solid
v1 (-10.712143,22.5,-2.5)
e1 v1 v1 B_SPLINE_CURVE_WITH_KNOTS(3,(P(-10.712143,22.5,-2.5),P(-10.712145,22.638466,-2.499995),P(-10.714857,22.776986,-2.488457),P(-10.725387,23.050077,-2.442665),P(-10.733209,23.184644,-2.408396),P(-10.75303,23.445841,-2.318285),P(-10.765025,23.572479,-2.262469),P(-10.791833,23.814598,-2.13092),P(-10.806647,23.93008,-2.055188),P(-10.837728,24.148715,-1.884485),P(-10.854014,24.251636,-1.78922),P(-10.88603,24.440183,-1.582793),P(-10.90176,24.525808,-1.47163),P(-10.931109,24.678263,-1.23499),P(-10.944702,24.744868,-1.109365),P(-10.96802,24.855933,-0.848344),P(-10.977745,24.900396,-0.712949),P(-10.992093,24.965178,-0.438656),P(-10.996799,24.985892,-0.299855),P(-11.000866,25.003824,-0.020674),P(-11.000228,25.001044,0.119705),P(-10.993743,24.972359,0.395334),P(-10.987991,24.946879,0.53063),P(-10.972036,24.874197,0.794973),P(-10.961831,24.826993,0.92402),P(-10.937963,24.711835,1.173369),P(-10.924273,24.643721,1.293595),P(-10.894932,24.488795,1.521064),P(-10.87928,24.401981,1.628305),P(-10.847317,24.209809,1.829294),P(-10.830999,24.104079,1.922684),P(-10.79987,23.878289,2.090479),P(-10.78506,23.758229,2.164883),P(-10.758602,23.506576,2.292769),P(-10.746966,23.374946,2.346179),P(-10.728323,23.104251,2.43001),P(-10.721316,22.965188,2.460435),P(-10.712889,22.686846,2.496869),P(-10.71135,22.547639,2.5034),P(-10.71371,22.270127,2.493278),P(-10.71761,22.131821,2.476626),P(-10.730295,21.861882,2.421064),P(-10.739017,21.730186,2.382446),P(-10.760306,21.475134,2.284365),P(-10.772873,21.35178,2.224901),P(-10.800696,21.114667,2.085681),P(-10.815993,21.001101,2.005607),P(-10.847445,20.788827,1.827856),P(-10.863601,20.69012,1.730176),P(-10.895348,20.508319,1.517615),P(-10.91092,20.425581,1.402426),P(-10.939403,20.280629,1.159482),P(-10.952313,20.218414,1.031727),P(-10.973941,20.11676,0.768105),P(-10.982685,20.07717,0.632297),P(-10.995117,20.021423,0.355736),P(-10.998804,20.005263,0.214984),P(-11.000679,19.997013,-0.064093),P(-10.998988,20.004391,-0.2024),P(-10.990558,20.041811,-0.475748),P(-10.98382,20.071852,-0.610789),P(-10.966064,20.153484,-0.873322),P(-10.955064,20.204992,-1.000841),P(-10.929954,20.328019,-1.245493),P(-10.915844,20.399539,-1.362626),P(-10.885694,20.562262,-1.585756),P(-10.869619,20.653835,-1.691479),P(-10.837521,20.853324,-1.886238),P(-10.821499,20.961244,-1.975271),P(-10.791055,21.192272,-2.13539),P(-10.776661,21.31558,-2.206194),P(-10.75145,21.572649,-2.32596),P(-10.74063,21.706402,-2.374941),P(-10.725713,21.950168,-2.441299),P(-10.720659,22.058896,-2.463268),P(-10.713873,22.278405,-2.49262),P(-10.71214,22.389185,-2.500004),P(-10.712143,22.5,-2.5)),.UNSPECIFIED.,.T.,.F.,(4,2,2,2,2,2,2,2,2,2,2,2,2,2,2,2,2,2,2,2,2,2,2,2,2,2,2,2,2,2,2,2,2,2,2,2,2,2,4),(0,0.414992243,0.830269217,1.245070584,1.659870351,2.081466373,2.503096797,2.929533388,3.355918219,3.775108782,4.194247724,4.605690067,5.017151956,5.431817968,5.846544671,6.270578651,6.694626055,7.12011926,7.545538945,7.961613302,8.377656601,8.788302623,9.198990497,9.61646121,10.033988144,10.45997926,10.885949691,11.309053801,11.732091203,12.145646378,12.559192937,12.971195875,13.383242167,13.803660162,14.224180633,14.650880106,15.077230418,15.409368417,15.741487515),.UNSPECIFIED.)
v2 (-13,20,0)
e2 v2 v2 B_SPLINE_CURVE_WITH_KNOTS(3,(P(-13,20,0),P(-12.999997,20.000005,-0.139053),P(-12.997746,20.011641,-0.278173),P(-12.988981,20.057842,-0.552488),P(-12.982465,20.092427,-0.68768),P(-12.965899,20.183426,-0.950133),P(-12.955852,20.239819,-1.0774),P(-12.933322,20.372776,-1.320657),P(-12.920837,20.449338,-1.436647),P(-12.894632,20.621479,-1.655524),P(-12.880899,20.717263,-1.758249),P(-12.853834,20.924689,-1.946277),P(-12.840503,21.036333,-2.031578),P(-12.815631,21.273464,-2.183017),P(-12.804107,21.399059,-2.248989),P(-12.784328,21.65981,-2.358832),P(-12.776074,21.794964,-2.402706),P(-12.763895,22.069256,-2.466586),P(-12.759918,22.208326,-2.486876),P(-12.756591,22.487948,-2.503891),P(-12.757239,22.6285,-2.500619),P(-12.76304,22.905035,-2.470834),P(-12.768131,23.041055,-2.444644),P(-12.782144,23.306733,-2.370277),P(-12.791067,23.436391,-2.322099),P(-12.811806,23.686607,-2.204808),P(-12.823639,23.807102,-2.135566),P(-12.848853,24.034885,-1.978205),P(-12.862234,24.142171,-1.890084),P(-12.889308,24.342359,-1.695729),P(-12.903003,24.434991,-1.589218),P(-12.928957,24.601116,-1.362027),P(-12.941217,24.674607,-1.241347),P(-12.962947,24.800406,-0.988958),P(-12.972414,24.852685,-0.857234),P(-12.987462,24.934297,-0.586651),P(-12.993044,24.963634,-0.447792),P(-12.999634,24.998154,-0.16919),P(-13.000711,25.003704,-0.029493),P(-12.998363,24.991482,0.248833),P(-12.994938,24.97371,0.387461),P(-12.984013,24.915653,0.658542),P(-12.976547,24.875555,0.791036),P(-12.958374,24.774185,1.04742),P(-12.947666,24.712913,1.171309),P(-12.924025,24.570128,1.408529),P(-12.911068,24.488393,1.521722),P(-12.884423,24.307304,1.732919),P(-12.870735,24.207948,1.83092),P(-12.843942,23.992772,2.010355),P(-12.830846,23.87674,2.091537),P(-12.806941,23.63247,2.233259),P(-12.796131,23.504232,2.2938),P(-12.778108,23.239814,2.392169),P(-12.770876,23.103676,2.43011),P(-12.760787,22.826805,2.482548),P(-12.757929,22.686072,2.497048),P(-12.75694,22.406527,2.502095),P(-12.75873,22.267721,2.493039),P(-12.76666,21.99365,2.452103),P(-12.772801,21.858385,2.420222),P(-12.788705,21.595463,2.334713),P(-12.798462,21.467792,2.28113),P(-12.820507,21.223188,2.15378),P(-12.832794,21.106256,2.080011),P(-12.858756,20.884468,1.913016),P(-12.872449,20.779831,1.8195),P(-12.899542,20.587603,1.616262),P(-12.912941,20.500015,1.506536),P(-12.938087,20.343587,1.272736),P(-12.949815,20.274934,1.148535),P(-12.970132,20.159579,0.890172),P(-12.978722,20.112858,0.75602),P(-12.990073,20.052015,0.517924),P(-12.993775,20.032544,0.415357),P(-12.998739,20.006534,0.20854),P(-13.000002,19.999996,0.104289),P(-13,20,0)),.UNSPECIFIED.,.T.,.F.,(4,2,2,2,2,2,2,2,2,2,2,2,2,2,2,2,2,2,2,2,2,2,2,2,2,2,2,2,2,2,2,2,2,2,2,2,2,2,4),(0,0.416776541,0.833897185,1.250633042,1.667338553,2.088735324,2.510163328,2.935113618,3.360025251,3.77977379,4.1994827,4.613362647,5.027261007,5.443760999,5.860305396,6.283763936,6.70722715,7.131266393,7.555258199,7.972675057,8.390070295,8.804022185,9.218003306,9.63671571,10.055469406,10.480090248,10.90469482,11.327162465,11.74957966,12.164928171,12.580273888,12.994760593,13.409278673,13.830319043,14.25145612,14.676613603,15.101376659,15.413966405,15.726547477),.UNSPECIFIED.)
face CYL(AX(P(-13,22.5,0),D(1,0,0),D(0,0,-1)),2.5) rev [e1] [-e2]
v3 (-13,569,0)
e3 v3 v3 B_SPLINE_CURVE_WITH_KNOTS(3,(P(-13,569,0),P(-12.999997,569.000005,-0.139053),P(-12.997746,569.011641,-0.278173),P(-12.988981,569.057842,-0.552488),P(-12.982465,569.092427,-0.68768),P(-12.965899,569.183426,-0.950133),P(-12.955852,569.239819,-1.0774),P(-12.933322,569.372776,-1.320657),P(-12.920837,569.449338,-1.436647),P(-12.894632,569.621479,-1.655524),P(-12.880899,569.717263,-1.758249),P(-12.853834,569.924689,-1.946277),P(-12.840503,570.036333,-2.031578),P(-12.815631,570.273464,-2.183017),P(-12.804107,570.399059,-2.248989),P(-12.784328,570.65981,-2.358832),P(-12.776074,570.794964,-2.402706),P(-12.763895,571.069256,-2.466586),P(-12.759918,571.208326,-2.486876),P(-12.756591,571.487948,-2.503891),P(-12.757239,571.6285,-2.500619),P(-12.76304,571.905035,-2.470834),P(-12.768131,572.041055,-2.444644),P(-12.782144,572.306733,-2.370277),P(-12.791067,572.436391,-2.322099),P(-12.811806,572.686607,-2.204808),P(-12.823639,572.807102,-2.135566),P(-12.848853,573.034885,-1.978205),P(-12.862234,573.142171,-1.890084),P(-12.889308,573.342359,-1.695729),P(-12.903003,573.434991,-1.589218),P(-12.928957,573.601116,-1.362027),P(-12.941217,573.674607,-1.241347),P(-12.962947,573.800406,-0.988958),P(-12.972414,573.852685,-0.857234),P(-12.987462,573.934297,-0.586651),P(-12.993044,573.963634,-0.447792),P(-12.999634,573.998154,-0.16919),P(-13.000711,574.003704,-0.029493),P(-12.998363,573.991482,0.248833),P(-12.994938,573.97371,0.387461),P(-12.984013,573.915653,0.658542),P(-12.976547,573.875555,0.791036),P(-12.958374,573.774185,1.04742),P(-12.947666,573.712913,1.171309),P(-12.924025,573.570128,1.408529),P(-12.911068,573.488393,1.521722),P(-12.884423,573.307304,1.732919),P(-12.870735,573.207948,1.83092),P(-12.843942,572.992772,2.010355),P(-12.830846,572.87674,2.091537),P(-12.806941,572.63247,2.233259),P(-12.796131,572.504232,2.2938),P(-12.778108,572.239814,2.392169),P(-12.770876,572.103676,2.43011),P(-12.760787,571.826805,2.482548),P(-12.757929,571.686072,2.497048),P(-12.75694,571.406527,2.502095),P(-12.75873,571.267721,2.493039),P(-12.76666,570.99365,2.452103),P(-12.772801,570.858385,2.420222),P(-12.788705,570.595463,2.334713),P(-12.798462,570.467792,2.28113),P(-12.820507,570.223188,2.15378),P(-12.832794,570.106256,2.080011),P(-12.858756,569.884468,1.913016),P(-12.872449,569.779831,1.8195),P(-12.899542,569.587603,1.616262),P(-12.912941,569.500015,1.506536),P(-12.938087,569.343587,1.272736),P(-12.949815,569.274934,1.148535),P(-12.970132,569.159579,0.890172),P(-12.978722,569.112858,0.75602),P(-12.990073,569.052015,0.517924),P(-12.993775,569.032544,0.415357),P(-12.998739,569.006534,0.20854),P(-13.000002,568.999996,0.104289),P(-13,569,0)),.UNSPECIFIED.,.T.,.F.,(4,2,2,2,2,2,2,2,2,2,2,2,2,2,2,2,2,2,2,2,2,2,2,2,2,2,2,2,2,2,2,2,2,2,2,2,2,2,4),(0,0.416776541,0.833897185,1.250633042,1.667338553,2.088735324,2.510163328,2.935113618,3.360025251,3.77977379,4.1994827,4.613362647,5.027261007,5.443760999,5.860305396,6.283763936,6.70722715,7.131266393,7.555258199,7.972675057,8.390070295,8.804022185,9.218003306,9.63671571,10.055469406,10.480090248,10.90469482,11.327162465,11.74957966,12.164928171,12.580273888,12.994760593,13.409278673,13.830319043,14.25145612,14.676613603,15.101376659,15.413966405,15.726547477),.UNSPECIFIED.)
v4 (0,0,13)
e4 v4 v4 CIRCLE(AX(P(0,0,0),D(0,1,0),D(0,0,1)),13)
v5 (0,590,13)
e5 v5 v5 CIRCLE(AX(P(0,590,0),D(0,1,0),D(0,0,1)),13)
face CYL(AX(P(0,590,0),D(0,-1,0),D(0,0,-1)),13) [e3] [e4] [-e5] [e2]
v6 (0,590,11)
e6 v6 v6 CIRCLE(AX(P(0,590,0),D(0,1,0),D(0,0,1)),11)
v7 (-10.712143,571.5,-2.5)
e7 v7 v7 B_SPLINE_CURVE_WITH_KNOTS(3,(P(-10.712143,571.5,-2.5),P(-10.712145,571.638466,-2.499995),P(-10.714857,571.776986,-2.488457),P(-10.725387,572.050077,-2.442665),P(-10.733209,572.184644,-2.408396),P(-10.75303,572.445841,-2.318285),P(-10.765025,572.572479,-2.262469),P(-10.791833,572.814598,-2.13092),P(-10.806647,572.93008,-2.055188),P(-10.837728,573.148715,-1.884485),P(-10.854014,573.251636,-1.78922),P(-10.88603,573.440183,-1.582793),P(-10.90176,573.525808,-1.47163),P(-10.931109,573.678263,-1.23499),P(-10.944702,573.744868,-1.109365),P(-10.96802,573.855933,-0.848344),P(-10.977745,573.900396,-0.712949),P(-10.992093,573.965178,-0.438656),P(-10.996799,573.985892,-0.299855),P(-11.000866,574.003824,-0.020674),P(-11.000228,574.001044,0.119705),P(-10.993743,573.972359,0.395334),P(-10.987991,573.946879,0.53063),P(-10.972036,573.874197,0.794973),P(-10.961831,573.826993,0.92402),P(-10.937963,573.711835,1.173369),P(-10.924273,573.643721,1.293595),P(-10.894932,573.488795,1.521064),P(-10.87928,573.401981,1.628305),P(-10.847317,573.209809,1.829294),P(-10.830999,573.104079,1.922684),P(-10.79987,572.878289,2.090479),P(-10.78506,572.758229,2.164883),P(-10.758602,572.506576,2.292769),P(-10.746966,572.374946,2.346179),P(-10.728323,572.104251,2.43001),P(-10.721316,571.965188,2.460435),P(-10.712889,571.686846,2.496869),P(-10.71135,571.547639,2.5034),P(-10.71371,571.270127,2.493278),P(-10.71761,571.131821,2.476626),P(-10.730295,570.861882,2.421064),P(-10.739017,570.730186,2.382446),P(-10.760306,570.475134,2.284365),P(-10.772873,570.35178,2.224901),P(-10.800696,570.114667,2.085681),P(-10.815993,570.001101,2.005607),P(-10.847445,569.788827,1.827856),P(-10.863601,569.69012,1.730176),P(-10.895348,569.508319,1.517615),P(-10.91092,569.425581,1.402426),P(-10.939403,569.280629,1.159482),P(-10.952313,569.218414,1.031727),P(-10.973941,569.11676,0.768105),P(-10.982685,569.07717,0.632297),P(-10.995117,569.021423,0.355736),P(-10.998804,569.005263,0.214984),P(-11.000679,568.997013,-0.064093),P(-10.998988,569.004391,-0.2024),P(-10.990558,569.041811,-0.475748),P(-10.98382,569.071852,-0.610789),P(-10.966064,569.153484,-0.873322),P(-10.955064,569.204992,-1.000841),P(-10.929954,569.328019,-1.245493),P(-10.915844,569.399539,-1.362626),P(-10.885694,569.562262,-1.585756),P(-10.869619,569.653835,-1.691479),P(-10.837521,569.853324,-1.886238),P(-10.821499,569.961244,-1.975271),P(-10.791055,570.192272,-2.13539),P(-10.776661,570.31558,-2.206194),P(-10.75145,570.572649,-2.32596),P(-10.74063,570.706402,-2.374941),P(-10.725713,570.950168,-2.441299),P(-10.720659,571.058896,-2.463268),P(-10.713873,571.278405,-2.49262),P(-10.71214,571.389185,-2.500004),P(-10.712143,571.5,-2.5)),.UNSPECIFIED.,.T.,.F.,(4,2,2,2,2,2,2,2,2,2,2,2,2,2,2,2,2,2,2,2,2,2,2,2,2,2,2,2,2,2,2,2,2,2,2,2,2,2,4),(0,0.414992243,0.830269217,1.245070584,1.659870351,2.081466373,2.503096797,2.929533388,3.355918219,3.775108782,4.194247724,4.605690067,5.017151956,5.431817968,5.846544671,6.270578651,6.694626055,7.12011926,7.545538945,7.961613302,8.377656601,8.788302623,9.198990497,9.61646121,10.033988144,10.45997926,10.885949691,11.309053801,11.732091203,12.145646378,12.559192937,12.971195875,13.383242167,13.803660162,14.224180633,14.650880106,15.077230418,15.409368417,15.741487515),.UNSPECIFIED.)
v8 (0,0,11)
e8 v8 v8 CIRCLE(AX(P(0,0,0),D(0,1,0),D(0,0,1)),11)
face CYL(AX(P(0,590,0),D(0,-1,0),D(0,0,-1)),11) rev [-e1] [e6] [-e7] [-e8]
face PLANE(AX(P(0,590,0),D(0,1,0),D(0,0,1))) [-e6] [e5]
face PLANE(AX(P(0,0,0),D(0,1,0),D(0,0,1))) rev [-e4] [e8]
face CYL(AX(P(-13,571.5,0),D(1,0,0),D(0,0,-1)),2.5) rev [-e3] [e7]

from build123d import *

# Parameters (mm, degrees)
SKETCH_1_R          = 13
SKETCH_1_R_2        = 11
EXTRUDE_1_DEPTH     = 590
SKETCH_2_R          = 2.5
CUT_EXTRUDE_1_DEPTH = 14


with BuildPart() as part:
    # 草图1 → 凸台-拉伸1 (new body)
    with BuildSketch(Plane(origin=(0, 0, 0), x_dir=(1, 0, 0), z_dir=(0, 1, 0))):
        Circle(SKETCH_1_R)
        Circle(SKETCH_1_R_2, mode=Mode.SUBTRACT)
    extrude(amount=EXTRUDE_1_DEPTH)

    # 草图2 → 切除-拉伸1 (cut, through all)
    with BuildSketch(Plane(origin=(0, 0, 0), x_dir=(0, 0, -1), z_dir=(1, 0, 0))):
        with Locations((0, 22.5)):
            Circle(SKETCH_2_R)
        with Locations((0, 571.5)):
            Circle(SKETCH_2_R)
    extrude(amount=-CUT_EXTRUDE_1_DEPTH, mode=Mode.SUBTRACT)


solid = part.part
